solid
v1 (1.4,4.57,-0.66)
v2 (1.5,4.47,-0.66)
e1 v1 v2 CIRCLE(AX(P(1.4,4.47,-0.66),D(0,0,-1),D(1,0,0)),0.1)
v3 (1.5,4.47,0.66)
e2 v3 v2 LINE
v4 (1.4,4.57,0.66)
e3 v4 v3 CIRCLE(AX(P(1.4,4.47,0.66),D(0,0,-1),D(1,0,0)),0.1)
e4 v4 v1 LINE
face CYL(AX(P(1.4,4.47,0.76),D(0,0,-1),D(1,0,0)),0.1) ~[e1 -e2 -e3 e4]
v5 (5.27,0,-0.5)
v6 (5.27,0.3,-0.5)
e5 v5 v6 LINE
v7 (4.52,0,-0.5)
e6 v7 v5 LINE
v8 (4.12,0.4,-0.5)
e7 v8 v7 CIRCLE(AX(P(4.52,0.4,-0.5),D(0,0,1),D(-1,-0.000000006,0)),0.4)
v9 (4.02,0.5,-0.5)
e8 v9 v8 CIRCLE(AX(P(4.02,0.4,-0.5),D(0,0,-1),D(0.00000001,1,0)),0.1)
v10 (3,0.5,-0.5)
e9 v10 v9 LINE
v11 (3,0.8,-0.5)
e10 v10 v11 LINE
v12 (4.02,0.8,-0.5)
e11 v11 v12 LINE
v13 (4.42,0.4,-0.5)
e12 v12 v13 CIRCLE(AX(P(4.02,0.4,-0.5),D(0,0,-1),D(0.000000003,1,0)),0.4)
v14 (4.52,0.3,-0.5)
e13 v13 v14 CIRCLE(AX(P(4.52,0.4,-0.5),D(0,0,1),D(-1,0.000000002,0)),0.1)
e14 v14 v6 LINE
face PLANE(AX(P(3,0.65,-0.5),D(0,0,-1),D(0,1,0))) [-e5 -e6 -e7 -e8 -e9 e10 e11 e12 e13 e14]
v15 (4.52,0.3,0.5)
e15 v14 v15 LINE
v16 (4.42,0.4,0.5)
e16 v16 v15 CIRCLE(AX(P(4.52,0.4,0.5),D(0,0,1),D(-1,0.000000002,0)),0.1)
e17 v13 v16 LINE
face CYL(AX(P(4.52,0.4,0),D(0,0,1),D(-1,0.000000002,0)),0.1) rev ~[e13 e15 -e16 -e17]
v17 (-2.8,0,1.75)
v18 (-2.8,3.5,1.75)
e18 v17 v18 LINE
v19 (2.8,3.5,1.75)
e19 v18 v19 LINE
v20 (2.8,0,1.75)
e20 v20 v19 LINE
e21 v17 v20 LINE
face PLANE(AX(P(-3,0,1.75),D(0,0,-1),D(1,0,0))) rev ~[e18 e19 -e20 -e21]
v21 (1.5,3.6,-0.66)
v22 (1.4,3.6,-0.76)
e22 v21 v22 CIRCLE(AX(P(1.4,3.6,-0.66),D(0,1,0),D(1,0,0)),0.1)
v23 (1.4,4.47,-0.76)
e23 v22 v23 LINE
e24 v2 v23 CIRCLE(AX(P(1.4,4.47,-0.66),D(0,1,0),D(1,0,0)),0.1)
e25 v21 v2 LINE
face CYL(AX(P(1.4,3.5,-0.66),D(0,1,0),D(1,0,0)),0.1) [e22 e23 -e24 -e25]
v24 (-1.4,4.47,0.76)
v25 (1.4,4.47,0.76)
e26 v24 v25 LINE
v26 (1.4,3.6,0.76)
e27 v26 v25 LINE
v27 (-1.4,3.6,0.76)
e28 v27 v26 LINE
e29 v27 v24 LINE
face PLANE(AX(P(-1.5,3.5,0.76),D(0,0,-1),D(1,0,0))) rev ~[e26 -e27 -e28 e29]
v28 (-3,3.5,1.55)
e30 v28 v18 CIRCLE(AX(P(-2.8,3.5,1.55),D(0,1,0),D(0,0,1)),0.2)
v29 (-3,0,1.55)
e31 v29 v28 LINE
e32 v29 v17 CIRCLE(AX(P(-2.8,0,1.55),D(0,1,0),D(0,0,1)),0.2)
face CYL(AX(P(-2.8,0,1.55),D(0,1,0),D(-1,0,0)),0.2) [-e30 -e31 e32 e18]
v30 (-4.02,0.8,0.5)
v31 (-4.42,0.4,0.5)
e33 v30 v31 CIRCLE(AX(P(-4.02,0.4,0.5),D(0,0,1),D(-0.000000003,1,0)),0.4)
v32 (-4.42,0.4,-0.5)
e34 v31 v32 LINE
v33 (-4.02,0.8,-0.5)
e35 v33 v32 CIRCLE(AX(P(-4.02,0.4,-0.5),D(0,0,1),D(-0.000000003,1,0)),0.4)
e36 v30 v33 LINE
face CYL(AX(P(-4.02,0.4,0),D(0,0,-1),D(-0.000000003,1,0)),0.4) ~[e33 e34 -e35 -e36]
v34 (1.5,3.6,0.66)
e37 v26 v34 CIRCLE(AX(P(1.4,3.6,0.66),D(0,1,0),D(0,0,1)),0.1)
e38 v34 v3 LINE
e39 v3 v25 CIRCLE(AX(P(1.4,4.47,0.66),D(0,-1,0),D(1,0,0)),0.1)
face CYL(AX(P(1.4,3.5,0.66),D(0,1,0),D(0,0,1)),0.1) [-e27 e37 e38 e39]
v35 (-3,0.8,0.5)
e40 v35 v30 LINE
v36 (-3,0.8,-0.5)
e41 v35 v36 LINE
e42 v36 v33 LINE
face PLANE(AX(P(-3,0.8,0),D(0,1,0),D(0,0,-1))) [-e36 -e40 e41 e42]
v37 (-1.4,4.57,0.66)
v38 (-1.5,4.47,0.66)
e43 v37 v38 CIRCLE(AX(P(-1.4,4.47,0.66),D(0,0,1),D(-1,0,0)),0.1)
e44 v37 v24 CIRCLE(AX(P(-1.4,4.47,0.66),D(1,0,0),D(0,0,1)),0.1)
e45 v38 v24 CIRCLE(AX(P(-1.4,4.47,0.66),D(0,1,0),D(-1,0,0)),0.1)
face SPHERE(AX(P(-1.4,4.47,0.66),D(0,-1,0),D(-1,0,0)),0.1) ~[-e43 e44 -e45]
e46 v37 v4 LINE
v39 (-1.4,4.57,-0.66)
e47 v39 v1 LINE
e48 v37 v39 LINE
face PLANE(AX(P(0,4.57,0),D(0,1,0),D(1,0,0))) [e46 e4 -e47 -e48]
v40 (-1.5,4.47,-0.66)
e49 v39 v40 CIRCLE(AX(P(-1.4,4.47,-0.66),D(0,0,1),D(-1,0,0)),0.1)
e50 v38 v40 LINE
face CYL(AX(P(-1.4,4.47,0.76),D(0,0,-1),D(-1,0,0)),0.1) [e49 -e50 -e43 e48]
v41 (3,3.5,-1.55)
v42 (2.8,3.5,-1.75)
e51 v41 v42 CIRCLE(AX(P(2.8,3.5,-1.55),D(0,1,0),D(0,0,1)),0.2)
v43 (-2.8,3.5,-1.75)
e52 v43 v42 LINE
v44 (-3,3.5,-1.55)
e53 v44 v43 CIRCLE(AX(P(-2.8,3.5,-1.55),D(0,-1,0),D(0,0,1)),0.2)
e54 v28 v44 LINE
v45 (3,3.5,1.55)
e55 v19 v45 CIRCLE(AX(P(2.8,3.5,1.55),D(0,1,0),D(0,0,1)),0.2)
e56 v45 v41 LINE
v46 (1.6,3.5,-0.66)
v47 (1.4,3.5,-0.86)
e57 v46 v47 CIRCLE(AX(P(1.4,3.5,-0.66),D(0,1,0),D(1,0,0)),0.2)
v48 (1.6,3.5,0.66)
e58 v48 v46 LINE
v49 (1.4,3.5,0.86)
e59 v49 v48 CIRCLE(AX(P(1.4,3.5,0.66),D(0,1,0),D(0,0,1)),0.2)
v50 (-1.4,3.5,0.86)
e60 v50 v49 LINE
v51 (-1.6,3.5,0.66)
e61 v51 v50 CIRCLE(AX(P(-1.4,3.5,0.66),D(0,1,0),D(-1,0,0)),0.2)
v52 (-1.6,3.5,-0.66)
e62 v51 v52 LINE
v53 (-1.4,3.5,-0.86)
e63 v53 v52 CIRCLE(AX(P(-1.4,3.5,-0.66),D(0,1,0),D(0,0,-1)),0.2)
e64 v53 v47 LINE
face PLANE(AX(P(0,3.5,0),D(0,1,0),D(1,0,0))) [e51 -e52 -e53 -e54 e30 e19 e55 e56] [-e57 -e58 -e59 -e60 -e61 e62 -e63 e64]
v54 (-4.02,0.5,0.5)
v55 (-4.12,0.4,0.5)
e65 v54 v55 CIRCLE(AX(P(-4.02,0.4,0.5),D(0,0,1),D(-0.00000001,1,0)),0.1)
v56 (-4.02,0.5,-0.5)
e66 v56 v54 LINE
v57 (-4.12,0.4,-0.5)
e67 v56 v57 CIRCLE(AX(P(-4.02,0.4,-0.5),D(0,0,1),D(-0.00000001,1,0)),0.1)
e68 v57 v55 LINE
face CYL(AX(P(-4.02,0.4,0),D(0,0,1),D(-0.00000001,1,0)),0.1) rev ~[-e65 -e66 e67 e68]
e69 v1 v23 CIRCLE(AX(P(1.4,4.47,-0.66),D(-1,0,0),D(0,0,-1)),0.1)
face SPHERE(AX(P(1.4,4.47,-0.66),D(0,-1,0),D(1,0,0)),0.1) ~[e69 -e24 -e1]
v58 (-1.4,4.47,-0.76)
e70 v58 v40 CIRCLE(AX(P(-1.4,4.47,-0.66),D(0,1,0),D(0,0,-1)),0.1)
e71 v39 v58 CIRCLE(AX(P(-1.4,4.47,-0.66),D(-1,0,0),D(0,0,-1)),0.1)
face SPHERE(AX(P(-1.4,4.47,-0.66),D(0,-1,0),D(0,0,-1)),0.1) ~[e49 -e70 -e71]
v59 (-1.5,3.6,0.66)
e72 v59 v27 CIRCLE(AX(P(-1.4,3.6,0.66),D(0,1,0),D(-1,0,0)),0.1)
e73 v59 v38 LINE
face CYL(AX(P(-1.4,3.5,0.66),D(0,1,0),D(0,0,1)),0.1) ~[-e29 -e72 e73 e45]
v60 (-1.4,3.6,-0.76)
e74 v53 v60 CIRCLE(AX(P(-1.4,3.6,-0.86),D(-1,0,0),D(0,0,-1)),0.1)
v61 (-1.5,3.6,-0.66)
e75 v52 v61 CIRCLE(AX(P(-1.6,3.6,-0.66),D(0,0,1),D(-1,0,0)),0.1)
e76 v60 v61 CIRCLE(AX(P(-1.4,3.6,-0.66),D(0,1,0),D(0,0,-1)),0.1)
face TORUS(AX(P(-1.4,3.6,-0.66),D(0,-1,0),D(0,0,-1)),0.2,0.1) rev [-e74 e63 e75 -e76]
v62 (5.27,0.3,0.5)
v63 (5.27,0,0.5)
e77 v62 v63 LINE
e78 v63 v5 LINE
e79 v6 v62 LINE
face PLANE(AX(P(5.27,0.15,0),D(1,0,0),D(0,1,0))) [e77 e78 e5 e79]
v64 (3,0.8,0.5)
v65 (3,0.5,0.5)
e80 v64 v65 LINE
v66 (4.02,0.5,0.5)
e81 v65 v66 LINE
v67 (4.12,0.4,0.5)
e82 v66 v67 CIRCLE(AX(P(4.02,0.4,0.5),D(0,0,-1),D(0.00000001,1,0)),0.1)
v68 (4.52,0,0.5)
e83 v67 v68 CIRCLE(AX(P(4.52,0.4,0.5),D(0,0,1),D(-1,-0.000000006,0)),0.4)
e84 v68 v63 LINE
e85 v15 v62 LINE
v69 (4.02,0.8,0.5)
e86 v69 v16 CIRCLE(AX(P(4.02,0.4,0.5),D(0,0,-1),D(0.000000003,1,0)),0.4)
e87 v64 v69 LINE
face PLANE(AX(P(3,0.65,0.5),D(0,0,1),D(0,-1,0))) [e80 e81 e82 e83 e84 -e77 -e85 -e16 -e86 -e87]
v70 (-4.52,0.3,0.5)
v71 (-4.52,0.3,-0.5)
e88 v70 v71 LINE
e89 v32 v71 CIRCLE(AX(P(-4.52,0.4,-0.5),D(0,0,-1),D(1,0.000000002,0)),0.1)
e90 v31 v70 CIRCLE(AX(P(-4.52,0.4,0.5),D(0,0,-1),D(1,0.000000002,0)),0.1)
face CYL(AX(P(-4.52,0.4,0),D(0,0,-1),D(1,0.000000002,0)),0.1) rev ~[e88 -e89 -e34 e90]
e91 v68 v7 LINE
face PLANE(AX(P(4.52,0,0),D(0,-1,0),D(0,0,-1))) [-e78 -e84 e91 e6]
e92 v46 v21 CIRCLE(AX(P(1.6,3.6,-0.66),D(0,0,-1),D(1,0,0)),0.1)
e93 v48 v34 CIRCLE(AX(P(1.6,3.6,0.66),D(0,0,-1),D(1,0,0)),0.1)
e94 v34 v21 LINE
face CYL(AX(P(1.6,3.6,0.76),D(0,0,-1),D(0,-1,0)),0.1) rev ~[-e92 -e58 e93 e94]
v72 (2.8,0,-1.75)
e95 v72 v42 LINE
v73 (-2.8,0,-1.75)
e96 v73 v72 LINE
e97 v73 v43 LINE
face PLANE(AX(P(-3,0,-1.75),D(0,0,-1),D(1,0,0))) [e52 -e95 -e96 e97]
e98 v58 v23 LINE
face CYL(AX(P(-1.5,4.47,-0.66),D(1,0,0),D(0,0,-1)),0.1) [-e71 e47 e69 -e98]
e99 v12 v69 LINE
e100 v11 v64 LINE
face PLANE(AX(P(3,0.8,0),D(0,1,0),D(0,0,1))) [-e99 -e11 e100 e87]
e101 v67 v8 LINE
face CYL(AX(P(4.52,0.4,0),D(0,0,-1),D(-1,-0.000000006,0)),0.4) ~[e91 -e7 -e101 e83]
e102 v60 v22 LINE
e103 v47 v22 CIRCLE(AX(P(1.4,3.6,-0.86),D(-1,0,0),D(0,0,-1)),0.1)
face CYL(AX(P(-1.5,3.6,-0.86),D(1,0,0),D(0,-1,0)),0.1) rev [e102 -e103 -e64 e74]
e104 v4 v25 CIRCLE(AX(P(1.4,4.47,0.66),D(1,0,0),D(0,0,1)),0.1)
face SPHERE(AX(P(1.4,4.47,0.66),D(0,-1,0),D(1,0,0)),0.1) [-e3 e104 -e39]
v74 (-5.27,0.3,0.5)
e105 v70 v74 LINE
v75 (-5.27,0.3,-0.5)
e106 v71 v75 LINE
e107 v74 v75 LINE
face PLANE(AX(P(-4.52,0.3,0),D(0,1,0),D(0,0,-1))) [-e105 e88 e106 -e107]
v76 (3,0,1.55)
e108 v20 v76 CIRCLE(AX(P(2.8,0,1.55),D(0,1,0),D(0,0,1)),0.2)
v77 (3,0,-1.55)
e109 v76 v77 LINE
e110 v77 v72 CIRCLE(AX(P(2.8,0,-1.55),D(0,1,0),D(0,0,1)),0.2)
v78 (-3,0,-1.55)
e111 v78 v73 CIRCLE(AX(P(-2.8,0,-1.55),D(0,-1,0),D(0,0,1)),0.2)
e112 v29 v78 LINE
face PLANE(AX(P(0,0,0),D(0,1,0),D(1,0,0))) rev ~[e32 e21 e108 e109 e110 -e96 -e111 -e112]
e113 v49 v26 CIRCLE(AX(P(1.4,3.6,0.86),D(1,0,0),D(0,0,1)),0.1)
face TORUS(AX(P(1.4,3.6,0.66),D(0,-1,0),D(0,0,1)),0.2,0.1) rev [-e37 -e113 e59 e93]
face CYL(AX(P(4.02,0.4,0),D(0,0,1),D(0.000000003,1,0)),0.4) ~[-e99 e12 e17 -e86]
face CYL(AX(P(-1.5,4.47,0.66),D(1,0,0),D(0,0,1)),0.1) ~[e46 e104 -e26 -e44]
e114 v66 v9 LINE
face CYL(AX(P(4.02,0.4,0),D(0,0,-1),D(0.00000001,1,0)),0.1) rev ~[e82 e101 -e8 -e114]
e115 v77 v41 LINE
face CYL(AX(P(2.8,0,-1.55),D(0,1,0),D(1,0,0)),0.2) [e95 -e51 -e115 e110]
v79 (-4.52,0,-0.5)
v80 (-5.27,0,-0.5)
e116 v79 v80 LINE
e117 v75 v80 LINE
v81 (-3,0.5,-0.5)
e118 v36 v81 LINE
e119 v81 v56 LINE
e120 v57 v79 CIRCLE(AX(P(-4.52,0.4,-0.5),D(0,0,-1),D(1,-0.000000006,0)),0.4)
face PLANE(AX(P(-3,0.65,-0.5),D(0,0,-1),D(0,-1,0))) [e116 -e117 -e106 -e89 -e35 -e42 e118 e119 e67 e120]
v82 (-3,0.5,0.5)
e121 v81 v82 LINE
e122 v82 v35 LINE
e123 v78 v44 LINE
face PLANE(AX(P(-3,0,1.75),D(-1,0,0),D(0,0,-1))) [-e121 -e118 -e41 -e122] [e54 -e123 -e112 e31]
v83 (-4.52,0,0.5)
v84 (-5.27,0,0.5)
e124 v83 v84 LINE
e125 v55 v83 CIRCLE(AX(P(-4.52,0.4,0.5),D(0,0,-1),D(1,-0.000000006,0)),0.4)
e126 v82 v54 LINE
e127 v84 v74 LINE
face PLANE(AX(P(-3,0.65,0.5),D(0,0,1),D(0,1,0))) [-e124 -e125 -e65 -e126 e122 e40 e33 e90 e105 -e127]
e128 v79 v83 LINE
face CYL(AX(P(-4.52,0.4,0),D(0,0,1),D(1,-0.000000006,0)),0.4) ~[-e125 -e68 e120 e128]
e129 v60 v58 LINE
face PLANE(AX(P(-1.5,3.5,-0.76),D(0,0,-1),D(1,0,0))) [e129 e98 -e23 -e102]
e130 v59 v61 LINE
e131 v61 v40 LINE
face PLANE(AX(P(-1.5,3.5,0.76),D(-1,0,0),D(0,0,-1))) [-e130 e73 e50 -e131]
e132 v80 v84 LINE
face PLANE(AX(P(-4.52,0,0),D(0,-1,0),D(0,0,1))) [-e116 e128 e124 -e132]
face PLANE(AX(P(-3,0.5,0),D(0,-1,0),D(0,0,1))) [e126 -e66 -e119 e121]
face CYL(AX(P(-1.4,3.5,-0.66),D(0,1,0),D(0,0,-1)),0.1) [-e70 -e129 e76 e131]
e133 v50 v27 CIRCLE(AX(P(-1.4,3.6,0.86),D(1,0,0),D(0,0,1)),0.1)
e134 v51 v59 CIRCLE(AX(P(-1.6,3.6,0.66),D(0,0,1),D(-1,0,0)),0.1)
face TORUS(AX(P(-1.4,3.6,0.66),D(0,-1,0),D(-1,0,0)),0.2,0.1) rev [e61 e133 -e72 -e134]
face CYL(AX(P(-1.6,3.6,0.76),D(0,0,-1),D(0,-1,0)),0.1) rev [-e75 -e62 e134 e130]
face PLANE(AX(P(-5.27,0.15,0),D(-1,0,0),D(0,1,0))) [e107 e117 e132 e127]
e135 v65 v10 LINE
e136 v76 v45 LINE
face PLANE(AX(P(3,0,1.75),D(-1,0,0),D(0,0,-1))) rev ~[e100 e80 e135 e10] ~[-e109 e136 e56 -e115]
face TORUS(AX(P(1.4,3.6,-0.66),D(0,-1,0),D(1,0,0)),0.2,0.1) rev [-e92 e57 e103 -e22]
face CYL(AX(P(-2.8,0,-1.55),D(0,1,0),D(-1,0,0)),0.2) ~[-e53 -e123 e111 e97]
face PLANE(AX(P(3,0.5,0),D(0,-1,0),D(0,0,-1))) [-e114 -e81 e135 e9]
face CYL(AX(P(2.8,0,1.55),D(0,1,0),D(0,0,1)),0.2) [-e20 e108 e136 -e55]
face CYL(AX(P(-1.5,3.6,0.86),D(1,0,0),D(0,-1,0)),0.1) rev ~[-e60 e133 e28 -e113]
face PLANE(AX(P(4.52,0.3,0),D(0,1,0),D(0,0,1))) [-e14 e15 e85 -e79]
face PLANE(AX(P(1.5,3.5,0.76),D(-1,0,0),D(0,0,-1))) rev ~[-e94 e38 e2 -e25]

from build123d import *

# Parameters (mm, degrees)
SKETCH1_W           = 6
SKETCH1_H           = 3.5
BOSS_EXTRUDE1_DEPTH = 3.5
FILLET1_R           = 0.2
SKETCH2_W           = 3
SKETCH2_H           = 1.52
BOSS_EXTRUDE2_DEPTH = 1.07
FILLET2_R           = 0.1
SKETCH3_W           = 1
SKETCH3_H           = 0.3
CIRPATTERN1_COUNT   = 2


with BuildPart() as part:
    # Sketch1 → Boss-Extrude1 (new body)
    with BuildSketch(Plane(origin=(0, 0, 0), x_dir=(1, 0, 0), z_dir=(0, 1, 0))):
        Rectangle(SKETCH1_W, SKETCH1_H)
    extrude(amount=BOSS_EXTRUDE1_DEPTH)

    # Fillet1
    fillet1_edges = [part.edges().sort_by_distance(p)[0] for p in [
        (-3, 1.75, -1.75),
        (3, 1.75, -1.75),
        (3, 1.75, 1.75),
        (-3, 1.75, 1.75),
    ]]
    fillet(fillet1_edges, radius=FILLET1_R)

    # Sketch2 → Boss-Extrude2 (add)
    with BuildSketch(Plane(origin=(0, 3.5, 0), x_dir=(1, 0, 0), z_dir=(0, 1, 0))):
        Rectangle(SKETCH2_W, SKETCH2_H)
    extrude(amount=BOSS_EXTRUDE2_DEPTH)

    # Fillet2
    fillet2_edges = [part.edges().sort_by_distance(p)[0] for p in [
        (1.5, 3.5, 0),
        (1.5, 4.035, 0.76),
        (0, 3.5, -0.76),
        (1.5, 4.035, -0.76),
        (-1.5, 3.5, 0),
        (-1.5, 4.035, -0.76),
        (0, 3.5, 0.76),
        (-1.5, 4.035, 0.76),
        (1.5, 4.57, 0),
        (0, 4.57, -0.76),
        (-1.5, 4.57, 0),
        (0, 4.57, 0.76),
    ]]
    fillet(fillet2_edges, radius=FILLET2_R)

    # Sweep1: sweep along a path in Sketch4
    with BuildLine(Plane.XY) as sweep1_path:
        Line((3, 0.65), (4.02, 0.65))
        ThreePointArc((4.02, 0.65), (4.196776695, 0.576776695), (4.27, 0.4))
        ThreePointArc((4.27, 0.4), (4.343223305, 0.223223305), (4.52, 0.15))
        Line((4.52, 0.15), (5.27, 0.15))
    # Sketch3 → Sweep1 (sweep)
    with BuildSketch(Plane(origin=(3, 0, 0), x_dir=(0, 0, -1), z_dir=(1, 0, 0))):
        with Locations((0, 0.65)):
            Rectangle(SKETCH3_W, SKETCH3_H)
    sweep1 = sweep(path=sweep1_path.line)

    # CirPattern1: Sweep1 ×2 about axis
    cirpattern1_axis = Axis((0, 4.7985, 0), (0, -1, 0))
    for i in range(1, CIRPATTERN1_COUNT):
        add(sweep1.rotate(cirpattern1_axis, i * 360 / CIRPATTERN1_COUNT))


solid = part.part
